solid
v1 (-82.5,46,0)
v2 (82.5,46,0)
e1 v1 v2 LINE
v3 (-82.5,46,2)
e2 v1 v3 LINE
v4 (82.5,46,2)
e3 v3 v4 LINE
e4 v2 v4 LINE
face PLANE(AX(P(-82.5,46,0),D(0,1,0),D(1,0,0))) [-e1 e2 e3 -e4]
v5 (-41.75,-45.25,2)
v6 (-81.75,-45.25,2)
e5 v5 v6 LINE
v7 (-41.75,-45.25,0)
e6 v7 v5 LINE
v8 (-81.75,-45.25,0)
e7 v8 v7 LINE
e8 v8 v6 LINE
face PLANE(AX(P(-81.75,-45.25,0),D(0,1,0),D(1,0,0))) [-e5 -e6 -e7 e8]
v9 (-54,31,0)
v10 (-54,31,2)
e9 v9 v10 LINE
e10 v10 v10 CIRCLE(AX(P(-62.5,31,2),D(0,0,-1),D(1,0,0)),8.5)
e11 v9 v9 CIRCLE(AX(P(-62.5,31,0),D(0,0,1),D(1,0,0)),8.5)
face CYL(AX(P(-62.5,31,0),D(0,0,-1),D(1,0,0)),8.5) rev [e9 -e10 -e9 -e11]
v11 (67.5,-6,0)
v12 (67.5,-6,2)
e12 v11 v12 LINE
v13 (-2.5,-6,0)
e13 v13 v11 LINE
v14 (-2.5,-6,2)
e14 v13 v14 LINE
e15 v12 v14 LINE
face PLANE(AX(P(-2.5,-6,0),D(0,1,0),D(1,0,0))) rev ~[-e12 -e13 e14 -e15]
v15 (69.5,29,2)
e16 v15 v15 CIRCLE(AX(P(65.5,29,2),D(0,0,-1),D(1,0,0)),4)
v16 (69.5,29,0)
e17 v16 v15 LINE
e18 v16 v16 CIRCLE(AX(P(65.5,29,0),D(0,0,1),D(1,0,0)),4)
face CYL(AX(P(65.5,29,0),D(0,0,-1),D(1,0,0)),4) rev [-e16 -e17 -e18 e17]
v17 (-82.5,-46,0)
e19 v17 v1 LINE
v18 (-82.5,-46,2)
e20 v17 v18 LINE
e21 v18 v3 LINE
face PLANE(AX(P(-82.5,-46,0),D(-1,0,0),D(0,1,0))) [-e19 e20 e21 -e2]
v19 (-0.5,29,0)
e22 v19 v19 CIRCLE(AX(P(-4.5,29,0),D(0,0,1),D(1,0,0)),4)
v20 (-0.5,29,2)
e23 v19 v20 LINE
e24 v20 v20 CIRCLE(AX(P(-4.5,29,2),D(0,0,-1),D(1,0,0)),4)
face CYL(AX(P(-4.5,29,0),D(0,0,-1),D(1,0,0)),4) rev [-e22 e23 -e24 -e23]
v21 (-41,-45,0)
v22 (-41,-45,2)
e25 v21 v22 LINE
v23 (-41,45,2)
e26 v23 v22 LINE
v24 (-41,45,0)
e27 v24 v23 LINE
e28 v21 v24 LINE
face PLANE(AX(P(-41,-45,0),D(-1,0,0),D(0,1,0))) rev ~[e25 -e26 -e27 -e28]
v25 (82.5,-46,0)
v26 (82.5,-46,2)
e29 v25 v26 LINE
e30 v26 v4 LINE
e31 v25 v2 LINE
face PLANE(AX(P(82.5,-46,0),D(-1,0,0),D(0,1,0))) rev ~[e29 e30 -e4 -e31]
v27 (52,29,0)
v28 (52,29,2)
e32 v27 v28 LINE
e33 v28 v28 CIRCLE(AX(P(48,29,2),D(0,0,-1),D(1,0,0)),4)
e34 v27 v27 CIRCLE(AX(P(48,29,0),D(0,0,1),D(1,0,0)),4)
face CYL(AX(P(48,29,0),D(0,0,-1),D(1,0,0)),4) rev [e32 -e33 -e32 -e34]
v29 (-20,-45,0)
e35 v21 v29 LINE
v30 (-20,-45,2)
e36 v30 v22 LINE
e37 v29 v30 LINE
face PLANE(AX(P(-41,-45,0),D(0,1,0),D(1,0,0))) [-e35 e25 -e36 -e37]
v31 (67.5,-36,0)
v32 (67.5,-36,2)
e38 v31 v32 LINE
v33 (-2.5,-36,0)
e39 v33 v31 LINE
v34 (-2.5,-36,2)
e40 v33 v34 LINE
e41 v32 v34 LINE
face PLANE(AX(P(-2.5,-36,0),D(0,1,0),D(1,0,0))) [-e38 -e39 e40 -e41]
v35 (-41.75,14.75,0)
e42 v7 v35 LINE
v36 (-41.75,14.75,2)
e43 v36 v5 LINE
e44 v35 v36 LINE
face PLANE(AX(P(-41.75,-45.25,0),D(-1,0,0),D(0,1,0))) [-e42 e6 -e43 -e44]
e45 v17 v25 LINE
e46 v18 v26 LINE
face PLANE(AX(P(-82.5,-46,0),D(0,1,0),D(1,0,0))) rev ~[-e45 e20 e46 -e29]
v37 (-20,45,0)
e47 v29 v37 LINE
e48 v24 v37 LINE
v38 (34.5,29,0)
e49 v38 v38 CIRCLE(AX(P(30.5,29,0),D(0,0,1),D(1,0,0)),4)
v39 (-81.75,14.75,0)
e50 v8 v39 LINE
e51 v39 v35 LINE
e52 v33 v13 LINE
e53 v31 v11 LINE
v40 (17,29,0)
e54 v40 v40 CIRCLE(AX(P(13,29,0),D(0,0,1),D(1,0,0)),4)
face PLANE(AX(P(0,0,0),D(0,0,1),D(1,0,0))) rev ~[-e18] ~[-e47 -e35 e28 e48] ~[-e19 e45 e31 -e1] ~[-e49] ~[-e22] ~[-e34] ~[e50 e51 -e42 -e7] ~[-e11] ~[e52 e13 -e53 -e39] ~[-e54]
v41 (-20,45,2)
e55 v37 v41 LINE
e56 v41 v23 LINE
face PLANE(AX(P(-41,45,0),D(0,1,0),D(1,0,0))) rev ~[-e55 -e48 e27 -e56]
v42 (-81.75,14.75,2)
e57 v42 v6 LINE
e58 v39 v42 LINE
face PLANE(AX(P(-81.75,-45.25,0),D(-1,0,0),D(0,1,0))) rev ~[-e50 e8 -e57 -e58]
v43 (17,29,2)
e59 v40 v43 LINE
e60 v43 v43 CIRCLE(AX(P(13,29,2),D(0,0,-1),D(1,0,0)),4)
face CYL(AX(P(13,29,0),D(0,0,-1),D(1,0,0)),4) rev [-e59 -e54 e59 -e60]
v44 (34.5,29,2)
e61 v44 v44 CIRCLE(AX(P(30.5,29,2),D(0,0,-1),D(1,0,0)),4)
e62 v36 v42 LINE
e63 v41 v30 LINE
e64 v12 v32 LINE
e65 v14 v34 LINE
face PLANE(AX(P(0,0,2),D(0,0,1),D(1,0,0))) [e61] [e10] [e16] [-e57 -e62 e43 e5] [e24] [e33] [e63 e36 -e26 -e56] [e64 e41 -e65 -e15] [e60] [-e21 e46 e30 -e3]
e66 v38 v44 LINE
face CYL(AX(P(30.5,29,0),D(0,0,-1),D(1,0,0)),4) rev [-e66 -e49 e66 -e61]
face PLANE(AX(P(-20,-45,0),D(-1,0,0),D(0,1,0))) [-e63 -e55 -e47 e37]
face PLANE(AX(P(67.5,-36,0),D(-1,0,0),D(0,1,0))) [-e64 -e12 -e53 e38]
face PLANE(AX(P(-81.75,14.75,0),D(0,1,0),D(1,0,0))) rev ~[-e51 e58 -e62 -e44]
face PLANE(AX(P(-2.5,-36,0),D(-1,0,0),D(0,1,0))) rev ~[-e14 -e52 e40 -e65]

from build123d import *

# Parameters (mm, degrees)
SKETCH_W        = 165
SKETCH_H        = 92
PAD_DEPTH       = 2
SKETCH001_W     = 21
SKETCH001_H     = 90
POCKET_DEPTH    = 5
SKETCH002_R     = 4
POCKET001_DEPTH = 5
SKETCH003_W     = 40
SKETCH003_H     = 60
POCKET002_DEPTH = 5
SKETCH004_R     = 8.5
POCKET003_DEPTH = 5
SKETCH005_W     = 70
SKETCH005_H     = 30
POCKET004_DEPTH = 5


with BuildPart() as part:
    # Sketch → Pad (new body)
    with BuildSketch(Plane.XY):
        Rectangle(SKETCH_W, SKETCH_H)
    extrude(amount=PAD_DEPTH)

    # Sketch001 → Pocket (cut)
    with BuildSketch(Plane.XY):
        with Locations((-30.5, 0)):
            Rectangle(SKETCH001_W, SKETCH001_H)
    extrude(amount=POCKET_DEPTH, mode=Mode.SUBTRACT)

    # Sketch002 → Pocket001 (cut)
    with BuildSketch(Plane.XY):
        with Locations((-4.5, 29)):
            Circle(SKETCH002_R)
        with Locations((13, 29)):
            Circle(SKETCH002_R)
        with Locations((30.5, 29)):
            Circle(SKETCH002_R)
        with Locations((48, 29)):
            Circle(SKETCH002_R)
        with Locations((65.5, 29)):
            Circle(SKETCH002_R)
    extrude(amount=POCKET001_DEPTH, mode=Mode.SUBTRACT)

    # Sketch003 → Pocket002 (cut)
    with BuildSketch(Plane.XY):
        with Locations((-61.75, -15.25)):
            Rectangle(SKETCH003_W, SKETCH003_H)
    extrude(amount=POCKET002_DEPTH, mode=Mode.SUBTRACT)

    # Sketch004 → Pocket003 (cut)
    with BuildSketch(Plane.XY):
        with Locations((-62.5, 31)):
            Circle(SKETCH004_R)
    extrude(amount=POCKET003_DEPTH, mode=Mode.SUBTRACT)

    # Sketch005 → Pocket004 (cut)
    with BuildSketch(Plane.XY):
        with Locations((32.5, -21)):
            Rectangle(SKETCH005_W, SKETCH005_H)
    extrude(amount=POCKET004_DEPTH, mode=Mode.SUBTRACT)


solid = part.part
